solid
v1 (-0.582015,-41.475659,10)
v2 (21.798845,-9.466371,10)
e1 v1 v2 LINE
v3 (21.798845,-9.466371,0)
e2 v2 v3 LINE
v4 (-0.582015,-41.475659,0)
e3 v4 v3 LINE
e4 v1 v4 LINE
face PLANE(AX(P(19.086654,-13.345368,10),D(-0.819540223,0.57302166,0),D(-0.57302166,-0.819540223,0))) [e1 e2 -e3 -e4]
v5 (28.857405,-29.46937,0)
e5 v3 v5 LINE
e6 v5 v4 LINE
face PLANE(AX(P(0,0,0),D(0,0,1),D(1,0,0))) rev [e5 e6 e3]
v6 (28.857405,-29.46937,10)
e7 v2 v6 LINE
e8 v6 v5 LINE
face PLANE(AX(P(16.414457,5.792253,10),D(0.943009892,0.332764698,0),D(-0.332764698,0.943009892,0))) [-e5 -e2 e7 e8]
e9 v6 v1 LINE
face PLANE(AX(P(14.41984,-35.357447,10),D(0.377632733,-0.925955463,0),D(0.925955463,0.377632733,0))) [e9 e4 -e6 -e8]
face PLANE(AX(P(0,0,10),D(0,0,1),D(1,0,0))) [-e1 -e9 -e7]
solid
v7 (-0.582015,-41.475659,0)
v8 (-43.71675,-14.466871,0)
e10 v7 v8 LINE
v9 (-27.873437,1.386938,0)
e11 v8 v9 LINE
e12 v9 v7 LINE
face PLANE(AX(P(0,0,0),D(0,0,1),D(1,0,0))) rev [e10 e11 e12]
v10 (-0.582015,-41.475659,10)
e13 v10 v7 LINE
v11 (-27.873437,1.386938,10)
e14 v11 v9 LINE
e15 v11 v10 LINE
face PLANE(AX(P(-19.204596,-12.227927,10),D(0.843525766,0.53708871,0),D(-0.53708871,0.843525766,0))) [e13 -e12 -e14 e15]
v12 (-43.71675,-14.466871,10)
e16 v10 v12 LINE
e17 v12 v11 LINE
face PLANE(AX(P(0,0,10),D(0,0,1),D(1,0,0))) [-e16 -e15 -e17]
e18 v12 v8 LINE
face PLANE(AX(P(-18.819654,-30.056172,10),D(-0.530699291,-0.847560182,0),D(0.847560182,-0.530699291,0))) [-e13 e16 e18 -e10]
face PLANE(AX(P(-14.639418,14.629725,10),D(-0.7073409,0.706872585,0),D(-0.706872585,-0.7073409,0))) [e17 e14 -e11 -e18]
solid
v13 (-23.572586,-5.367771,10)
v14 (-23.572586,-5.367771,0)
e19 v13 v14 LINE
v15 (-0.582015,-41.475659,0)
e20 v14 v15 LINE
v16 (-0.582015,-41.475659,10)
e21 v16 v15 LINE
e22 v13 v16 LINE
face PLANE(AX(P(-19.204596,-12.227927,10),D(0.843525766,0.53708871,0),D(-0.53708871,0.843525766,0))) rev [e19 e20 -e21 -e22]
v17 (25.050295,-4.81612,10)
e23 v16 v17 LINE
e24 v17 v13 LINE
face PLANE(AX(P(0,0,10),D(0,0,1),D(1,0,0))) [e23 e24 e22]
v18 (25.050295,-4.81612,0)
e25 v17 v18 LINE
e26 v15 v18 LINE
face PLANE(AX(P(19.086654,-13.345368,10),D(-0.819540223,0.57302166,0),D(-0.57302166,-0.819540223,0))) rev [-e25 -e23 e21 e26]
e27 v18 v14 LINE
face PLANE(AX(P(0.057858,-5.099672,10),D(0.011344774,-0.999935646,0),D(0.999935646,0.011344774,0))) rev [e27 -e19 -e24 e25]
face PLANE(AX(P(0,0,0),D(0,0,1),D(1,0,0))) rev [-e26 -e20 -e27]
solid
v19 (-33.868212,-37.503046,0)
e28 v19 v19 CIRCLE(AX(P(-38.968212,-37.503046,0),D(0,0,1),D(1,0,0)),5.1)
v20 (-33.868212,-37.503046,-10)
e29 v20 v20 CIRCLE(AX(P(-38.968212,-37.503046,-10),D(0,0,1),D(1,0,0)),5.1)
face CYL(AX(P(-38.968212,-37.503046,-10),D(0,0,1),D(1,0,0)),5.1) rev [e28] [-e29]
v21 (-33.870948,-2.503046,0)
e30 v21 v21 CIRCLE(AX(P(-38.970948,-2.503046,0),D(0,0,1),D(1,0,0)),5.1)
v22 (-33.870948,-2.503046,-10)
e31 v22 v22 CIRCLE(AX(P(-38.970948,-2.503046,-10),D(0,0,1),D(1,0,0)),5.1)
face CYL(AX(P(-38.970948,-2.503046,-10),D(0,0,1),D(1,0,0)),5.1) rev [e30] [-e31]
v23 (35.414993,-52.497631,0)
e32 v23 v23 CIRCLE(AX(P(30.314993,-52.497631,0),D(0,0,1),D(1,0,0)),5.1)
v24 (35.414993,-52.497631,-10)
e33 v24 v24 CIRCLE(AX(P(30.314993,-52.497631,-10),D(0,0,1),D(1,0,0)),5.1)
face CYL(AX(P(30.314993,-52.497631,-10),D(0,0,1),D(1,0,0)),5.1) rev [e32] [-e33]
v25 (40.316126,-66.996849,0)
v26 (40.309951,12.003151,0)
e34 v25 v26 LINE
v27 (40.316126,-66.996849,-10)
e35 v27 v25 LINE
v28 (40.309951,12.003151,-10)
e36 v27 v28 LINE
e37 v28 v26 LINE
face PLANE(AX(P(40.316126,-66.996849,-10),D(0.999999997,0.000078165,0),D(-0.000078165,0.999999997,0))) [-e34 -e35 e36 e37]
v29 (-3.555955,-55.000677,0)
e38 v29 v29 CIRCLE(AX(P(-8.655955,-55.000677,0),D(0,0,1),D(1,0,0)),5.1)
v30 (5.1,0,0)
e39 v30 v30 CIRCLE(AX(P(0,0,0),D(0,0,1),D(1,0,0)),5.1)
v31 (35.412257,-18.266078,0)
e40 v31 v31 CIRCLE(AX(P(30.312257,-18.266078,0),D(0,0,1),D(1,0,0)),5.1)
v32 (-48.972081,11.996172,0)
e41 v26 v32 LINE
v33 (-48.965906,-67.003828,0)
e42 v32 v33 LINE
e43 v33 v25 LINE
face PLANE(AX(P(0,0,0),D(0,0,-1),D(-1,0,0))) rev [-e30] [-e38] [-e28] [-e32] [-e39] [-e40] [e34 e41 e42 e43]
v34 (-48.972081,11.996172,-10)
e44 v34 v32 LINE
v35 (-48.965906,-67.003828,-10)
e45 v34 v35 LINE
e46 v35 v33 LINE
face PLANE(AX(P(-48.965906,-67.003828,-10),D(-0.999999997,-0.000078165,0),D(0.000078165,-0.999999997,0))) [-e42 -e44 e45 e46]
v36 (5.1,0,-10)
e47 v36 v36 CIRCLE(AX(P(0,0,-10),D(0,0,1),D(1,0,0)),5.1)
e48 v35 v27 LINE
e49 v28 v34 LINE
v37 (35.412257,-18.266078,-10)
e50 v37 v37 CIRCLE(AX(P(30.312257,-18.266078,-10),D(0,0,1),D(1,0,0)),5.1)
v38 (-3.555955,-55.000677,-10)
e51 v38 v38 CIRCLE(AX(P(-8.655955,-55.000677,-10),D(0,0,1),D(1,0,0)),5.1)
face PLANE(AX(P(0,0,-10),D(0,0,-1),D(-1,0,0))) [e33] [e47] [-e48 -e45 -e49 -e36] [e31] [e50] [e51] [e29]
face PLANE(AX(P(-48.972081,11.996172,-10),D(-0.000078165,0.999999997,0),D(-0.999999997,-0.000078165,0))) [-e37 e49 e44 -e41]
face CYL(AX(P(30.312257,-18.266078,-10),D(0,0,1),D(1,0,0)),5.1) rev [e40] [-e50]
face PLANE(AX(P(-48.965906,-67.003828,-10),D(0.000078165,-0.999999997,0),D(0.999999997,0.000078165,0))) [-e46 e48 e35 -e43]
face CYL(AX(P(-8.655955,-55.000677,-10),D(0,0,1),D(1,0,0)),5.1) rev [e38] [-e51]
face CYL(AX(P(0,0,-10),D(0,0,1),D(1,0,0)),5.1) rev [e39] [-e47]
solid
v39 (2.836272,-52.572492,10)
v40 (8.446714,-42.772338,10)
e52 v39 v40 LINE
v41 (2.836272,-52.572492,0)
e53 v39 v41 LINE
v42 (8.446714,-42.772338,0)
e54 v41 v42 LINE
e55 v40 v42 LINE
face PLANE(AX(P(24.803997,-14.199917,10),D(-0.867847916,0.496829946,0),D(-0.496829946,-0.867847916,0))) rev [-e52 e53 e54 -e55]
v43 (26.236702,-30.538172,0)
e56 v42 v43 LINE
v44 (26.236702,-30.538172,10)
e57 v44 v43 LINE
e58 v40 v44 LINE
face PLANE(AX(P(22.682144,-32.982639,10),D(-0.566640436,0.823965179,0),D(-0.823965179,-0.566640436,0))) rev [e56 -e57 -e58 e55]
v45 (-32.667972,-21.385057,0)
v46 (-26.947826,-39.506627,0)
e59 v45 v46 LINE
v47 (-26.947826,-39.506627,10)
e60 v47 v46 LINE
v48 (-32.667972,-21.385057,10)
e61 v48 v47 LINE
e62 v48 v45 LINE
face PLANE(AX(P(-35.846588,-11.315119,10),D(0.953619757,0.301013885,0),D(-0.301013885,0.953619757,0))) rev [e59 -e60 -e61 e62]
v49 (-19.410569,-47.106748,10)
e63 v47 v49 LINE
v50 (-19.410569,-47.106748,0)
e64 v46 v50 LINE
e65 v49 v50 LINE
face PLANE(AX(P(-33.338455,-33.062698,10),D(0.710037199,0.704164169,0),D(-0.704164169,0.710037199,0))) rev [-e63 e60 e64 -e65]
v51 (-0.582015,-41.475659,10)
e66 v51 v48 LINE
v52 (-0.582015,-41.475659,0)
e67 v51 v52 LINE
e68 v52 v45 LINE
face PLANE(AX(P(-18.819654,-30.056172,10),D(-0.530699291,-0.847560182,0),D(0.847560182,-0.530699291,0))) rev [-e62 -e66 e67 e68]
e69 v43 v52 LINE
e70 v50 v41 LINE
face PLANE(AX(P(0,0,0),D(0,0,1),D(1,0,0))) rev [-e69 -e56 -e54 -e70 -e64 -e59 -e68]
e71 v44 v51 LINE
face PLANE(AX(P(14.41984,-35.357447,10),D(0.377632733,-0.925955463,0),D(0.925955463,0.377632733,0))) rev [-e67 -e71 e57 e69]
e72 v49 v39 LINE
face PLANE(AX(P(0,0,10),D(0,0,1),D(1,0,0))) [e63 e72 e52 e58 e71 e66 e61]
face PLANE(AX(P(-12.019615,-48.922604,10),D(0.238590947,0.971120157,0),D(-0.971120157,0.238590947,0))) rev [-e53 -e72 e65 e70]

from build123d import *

# Parameters (mm, degrees)
SKETCH1_R      = 5.1
ADAPT_DEPTH    = 10
BASE_TRI_DEPTH = 10
TRIA_A_DEPTH   = 10
TRIA_B_DEPTH   = 10
TRIA_C_DEPTH   = 10


with BuildPart() as part:
    # Sketch1 → Adapt (new body)
    with BuildSketch(Plane.XY):
        Polygon((-48.965905952, -67.003827635), (40.316126078, -66.996848886), (40.309951027, 12.003150872), (-48.972081003, 11.996172124), align=None)
        Circle(SKETCH1_R, mode=Mode.SUBTRACT)
        with Locations((30.312256931, -18.266077562)):
            Circle(SKETCH1_R, mode=Mode.SUBTRACT)
        with Locations((30.314992713, -52.497630583)):
            Circle(SKETCH1_R, mode=Mode.SUBTRACT)
        with Locations((-8.655954925, -55.000676762)):
            Circle(SKETCH1_R, mode=Mode.SUBTRACT)
        with Locations((-38.968211856, -37.503046073)):
            Circle(SKETCH1_R, mode=Mode.SUBTRACT)
        with Locations((-38.970947638, -2.50304618)):
            Circle(SKETCH1_R, mode=Mode.SUBTRACT)
    extrude(amount=-ADAPT_DEPTH)


with BuildPart() as body_2:
    # Sketch4 → Base-Tri (new body)
    with BuildSketch(Plane.XY):
        Polygon((-26.947825639, -39.506627222), (-19.410569028, -47.106747776), (2.836271948, -52.572492472), (8.446713864, -42.772337787), (26.236702181, -30.538171837), (-0.582015344, -41.475658592), (-32.667971796, -21.385056531), align=None)
    extrude(amount=BASE_TRI_DEPTH)


with BuildPart() as body_3:
    # Sketch4<3> → Tria-A (new body)
    with BuildSketch(Plane.XY):
        Polygon((-43.716749587, -14.466871057), (-32.667971796, -21.385056531), (-0.582015344, -41.475658592), (-23.572585967, -5.367771104), (-27.873436509, 1.38693847), align=None)
    extrude(amount=TRIA_A_DEPTH)


with BuildPart() as body_4:
    # Sketch4<4> → Tria-B (new body)
    with BuildSketch(Plane.XY):
        Polygon((-23.572585967, -5.367771104), (-0.582015344, -41.475658592), (21.798844908, -9.46637083), (25.050295391, -4.816119991), align=None)
    extrude(amount=TRIA_B_DEPTH)


with BuildPart() as body_5:
    # Sketch4<5> → Tria-C (new body)
    with BuildSketch(Plane.XY):
        Polygon((-0.582015344, -41.475658592), (26.236702181, -30.538171837), (28.857404894, -29.469369751), (21.798844908, -9.46637083), align=None)
    extrude(amount=TRIA_C_DEPTH)


solid = Compound([part.part, body_2.part, body_3.part, body_4.part, body_5.part])
